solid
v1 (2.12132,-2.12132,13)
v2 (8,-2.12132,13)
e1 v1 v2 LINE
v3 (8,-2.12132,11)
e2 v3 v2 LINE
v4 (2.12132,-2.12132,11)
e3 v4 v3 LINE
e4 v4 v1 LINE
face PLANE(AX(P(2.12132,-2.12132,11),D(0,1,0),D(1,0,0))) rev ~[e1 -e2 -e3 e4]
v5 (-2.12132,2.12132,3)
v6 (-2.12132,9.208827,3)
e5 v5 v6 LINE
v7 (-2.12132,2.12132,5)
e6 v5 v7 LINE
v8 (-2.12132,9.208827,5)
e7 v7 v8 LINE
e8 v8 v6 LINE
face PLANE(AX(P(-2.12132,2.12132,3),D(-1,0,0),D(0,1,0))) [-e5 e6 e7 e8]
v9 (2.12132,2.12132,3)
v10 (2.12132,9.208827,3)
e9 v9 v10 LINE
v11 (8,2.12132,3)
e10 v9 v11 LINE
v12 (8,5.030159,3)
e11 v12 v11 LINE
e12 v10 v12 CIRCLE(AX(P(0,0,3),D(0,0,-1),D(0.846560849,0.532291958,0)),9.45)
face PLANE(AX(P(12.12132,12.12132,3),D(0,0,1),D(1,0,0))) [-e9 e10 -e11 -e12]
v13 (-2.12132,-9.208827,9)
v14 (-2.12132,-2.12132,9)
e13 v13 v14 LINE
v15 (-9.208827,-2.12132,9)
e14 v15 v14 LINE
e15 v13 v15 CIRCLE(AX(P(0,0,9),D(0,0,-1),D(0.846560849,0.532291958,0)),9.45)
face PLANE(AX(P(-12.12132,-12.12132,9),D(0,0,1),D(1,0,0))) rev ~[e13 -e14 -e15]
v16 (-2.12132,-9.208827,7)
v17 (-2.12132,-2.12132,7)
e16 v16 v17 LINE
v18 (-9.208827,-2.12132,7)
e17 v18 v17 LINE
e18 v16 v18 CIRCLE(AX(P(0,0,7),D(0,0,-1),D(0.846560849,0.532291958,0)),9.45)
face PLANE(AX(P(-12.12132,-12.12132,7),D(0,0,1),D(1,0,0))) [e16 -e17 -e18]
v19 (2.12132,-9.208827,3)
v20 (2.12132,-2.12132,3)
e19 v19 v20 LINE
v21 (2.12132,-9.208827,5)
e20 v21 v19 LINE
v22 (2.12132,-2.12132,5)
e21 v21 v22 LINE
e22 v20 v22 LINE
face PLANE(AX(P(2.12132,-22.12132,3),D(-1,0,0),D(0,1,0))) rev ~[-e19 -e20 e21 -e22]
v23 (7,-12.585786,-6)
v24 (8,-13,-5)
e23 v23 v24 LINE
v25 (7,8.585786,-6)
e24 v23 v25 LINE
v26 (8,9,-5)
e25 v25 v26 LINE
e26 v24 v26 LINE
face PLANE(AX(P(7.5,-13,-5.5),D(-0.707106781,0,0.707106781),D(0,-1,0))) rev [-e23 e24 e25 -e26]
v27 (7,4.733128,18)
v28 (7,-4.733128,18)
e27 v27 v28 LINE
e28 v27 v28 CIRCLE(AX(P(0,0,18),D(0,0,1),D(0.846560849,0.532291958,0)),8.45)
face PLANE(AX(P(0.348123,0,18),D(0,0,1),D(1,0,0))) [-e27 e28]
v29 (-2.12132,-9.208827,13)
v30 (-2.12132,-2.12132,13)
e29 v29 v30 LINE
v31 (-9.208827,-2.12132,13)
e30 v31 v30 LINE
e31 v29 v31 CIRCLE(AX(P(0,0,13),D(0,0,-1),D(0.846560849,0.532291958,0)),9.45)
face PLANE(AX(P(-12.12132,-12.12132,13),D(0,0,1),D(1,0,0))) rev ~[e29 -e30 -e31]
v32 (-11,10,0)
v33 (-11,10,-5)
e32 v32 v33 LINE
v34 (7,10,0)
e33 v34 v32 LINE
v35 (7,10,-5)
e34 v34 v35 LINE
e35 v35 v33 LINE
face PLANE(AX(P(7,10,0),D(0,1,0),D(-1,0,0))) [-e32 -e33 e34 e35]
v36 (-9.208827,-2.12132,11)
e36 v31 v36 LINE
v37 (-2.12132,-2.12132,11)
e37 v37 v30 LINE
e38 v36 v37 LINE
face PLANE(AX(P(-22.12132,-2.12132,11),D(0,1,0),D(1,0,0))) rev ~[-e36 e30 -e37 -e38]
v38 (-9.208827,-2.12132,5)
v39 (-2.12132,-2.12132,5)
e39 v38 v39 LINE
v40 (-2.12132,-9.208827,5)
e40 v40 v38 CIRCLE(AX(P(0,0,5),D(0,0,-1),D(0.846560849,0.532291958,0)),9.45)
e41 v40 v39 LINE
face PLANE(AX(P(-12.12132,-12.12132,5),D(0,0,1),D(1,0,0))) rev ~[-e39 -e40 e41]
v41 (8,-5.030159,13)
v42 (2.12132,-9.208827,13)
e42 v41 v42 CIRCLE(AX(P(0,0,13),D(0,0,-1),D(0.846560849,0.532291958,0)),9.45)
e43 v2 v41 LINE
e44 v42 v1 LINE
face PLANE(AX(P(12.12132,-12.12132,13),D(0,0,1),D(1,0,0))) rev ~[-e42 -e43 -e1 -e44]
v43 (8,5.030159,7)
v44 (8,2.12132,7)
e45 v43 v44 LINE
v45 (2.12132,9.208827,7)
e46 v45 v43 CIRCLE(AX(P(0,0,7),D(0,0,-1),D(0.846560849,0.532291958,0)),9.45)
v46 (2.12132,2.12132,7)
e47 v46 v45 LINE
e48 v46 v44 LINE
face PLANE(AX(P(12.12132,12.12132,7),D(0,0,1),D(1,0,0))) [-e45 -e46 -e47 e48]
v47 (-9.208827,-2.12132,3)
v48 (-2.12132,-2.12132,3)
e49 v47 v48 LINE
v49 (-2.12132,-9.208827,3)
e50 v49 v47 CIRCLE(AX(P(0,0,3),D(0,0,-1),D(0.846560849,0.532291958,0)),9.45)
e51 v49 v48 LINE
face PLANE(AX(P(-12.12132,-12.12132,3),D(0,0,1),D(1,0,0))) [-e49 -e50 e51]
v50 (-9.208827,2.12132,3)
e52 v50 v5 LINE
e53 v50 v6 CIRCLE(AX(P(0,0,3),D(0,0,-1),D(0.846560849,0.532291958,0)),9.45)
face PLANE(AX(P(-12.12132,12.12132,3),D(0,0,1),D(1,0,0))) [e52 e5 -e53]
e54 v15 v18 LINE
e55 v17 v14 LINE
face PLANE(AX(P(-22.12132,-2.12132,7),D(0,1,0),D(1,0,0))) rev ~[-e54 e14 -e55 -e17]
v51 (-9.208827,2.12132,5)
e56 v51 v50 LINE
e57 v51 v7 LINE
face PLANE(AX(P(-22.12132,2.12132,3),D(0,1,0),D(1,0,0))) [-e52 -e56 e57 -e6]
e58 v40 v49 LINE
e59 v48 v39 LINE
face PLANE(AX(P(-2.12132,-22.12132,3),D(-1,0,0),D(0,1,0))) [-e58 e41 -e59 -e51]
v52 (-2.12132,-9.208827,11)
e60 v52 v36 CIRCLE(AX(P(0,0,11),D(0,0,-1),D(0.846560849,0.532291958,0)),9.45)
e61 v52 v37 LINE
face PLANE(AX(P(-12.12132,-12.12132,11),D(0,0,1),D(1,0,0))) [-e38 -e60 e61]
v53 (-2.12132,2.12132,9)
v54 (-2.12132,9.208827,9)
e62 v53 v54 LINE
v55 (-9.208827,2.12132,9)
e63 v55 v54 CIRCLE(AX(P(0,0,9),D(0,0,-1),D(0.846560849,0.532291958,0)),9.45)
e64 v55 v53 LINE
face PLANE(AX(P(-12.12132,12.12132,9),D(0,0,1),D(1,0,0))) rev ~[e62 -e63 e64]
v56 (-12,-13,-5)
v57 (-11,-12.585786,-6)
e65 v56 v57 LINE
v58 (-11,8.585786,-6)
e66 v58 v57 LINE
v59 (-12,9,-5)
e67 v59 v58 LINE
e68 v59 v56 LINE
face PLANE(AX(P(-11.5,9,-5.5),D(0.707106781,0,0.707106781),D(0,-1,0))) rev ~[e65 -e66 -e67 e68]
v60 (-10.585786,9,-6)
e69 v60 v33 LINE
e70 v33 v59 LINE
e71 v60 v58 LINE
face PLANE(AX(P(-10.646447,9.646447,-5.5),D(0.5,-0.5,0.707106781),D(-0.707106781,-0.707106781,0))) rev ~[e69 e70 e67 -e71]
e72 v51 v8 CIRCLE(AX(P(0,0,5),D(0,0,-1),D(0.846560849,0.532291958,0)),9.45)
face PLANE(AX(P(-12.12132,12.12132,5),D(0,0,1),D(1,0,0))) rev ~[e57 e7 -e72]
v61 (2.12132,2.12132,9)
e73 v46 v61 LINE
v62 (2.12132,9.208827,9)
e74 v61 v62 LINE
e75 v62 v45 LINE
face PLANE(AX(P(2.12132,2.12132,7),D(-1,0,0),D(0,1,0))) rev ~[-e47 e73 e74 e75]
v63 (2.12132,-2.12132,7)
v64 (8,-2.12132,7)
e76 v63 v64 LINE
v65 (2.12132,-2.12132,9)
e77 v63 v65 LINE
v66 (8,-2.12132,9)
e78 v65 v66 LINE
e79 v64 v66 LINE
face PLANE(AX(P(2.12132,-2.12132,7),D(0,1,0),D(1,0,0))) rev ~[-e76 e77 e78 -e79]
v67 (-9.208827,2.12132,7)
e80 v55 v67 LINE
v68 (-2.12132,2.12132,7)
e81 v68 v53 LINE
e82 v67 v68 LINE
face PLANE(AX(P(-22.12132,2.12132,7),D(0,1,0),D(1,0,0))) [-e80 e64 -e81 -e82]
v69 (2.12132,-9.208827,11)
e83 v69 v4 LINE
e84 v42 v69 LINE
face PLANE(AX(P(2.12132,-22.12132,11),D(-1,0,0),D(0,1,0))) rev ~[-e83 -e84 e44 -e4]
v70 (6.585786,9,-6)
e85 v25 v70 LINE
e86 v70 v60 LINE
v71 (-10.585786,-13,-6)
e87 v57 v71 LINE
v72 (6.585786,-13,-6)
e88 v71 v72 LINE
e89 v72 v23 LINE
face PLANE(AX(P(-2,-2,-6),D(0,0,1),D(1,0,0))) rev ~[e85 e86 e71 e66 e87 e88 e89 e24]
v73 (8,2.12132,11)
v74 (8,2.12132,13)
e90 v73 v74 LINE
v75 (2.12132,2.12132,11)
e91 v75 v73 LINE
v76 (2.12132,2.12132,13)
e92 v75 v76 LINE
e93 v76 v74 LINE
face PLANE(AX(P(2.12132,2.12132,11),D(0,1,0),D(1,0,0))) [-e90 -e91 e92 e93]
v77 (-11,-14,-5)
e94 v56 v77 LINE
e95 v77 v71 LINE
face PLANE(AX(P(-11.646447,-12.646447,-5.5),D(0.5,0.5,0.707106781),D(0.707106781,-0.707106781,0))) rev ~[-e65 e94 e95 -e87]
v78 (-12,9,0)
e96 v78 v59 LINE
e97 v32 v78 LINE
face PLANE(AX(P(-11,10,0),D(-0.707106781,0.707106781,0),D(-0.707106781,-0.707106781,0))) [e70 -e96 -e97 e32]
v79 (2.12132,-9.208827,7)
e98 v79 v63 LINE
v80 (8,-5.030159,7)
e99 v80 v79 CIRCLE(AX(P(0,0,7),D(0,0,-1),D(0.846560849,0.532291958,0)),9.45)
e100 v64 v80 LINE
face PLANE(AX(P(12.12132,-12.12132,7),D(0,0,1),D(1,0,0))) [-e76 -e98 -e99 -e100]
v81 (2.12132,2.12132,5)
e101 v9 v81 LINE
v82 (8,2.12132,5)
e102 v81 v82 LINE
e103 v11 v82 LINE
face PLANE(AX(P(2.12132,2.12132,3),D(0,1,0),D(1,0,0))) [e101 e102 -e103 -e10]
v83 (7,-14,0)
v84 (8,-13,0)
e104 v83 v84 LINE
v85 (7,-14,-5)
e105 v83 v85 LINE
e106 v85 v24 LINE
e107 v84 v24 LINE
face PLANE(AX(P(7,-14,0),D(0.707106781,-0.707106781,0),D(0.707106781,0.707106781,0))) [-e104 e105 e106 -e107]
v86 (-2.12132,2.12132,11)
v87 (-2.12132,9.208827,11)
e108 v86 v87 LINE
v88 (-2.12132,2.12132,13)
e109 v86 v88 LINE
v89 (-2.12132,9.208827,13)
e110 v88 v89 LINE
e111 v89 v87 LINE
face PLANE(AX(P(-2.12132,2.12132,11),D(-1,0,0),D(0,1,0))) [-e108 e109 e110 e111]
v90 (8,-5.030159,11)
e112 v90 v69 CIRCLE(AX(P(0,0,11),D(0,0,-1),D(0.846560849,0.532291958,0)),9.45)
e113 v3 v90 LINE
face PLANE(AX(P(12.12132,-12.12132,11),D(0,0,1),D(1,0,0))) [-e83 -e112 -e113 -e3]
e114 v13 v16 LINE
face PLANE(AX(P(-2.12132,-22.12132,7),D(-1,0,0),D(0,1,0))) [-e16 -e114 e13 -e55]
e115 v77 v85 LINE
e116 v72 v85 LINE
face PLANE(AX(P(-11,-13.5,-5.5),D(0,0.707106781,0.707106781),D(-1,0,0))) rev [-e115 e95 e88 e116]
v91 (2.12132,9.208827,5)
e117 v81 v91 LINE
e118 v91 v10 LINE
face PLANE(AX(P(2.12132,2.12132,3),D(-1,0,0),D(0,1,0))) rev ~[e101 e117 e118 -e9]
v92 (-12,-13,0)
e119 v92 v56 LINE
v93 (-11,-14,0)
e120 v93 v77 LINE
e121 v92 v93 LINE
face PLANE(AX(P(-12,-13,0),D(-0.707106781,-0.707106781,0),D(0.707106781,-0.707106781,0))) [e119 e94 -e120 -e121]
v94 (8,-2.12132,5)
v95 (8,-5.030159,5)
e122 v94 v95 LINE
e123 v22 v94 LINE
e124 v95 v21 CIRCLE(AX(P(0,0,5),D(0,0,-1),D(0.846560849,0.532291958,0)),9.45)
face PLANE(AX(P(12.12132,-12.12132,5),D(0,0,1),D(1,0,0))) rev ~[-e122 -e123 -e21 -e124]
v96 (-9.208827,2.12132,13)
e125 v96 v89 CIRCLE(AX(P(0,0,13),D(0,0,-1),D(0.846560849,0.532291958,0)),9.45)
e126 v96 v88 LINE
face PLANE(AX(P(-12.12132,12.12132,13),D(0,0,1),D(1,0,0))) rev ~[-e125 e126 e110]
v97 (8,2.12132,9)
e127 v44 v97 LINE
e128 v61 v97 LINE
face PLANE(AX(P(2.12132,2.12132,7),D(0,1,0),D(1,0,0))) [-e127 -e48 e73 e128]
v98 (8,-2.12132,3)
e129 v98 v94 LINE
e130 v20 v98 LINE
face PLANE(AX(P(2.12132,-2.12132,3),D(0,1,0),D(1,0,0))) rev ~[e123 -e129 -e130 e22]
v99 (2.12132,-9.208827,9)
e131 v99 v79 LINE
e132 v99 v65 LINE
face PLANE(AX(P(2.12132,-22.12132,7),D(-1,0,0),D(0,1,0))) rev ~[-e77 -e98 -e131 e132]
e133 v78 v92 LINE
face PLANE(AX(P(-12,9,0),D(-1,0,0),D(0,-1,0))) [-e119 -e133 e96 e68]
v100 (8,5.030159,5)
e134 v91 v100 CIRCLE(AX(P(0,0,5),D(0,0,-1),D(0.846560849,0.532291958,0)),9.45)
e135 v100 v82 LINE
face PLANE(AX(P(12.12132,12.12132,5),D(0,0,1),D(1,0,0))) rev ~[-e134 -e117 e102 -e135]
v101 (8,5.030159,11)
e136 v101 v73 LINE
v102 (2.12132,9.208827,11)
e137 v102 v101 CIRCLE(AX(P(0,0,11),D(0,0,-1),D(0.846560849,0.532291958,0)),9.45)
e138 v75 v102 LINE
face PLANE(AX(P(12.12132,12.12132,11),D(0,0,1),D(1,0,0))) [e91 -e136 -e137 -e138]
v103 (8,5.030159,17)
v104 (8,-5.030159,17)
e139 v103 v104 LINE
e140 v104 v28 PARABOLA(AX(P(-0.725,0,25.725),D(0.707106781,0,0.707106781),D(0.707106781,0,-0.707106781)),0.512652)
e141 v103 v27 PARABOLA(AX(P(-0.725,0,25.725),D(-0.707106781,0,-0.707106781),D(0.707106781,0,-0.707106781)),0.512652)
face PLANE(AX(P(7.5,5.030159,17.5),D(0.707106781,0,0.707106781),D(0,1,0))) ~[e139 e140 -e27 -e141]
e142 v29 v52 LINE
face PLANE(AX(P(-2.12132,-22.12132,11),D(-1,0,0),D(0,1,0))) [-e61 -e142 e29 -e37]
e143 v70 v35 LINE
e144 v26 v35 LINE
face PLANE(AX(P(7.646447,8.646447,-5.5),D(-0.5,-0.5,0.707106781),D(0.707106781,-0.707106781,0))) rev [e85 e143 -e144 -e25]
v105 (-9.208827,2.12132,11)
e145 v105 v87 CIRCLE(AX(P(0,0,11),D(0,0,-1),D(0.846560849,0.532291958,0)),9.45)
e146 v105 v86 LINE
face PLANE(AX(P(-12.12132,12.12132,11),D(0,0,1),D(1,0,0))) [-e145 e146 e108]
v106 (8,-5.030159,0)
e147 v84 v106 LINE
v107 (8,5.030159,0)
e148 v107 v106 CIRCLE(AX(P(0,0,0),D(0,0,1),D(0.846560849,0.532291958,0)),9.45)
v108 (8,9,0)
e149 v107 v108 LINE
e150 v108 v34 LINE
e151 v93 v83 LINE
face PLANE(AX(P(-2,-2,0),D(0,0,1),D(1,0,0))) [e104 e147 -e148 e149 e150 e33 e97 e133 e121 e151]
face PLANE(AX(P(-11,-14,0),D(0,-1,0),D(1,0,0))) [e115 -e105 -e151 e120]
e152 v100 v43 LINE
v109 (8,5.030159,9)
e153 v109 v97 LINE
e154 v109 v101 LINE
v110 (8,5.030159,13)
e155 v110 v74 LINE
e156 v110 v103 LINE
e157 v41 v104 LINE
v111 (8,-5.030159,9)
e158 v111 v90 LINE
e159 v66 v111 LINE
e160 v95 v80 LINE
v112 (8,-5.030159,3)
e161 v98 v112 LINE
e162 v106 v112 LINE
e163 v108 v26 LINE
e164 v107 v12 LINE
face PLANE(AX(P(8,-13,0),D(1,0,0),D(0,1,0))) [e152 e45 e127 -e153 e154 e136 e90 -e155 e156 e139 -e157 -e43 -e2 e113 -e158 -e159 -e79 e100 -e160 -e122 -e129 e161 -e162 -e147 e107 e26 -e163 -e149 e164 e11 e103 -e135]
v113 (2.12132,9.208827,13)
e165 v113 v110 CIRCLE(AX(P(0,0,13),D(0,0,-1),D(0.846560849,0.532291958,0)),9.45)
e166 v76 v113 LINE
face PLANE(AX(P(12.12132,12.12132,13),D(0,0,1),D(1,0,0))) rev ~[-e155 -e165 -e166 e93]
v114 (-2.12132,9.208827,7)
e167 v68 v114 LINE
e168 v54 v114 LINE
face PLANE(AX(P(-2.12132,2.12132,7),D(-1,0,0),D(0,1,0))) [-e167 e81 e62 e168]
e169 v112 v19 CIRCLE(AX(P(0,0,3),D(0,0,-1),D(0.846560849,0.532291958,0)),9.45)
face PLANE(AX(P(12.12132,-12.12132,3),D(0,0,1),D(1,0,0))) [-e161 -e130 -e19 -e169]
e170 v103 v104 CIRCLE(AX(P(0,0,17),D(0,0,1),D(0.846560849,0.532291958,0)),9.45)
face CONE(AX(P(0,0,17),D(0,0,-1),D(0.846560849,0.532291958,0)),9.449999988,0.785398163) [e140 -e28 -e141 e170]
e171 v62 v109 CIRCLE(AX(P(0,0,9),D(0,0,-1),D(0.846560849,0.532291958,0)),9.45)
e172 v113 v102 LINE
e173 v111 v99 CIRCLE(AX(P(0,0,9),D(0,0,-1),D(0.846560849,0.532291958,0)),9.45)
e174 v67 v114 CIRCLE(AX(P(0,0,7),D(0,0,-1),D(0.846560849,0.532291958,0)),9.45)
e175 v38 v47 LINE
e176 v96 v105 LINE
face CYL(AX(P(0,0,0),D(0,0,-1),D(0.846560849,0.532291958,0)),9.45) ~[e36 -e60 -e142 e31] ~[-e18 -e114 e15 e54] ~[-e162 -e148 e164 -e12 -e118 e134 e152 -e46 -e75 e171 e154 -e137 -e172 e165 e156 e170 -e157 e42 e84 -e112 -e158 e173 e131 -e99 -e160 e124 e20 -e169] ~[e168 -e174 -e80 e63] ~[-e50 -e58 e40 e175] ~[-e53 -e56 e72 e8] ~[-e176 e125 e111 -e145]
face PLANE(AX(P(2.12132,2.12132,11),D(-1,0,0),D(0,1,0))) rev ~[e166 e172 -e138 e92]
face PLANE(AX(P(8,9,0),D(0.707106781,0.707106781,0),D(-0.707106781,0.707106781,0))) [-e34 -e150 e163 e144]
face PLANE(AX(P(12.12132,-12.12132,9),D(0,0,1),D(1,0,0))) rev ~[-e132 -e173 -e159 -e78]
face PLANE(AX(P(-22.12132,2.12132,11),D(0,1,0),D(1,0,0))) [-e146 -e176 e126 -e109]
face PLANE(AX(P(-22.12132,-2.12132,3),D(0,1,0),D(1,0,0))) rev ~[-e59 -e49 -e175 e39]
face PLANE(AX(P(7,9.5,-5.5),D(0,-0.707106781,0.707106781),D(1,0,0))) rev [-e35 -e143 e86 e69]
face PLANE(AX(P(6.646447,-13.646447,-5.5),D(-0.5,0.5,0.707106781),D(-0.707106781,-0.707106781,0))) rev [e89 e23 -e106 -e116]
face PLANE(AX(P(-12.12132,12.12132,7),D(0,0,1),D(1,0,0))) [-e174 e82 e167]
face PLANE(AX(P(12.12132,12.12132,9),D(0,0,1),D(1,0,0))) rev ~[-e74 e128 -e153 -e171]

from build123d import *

# Parameters (mm, degrees)
PAD002_DEPTH           = 18
CHAMFER001_SIZE        = 1
SKETCH004_W            = 20
SKETCH004_H            = 20
POCKET001_DEPTH        = 2
LINEARPATTERN001_COUNT = 3
LINEARPATTERN001_PITCH = 4
PAD003_DEPTH           = 6
CHAMFER002_SIZE        = 1


with BuildPart() as part:
    # Sketch003 → Pad002 (new body)
    with BuildSketch(Plane.XY):
        with BuildLine():
            ThreePointArc((8, 5.030159), (-9.45, 0), (8, -5.030159))
            Line((8, 5.030159), (8, -5.030159))
        make_face()
    extrude(amount=PAD002_DEPTH)

    # Chamfer001
    chamfer001_edges = [part.edges().sort_by_distance(p)[0] for p in [
        (-9.45, 0, 18),
        (8, 0, 18),
    ]]
    chamfer(chamfer001_edges, length=CHAMFER001_SIZE)

    # Sketch004 → Pocket001 (cut)
    with BuildSketch(Plane.XY.offset(3)):
        with Locations((12.12132, -12.12132)):
            Rectangle(SKETCH004_W, SKETCH004_H)
        with Locations((12.12132, 12.12132)):
            Rectangle(SKETCH004_W, SKETCH004_H)
        with Locations((-12.12132, 12.12132)):
            Rectangle(SKETCH004_W, SKETCH004_H)
        with Locations((-12.12132, -12.12132)):
            Rectangle(SKETCH004_W, SKETCH004_H)
    pocket001 = extrude(amount=POCKET001_DEPTH, mode=Mode.SUBTRACT)

    # LinearPattern001: Pocket001 ×3
    with Locations(*[(0, 0, i * LINEARPATTERN001_PITCH) for i in range(1, LINEARPATTERN001_COUNT)]):
        add(pocket001, mode=Mode.SUBTRACT)

    # Sketch005 → Pad003 (join)
    with BuildSketch(Plane.XY):
        Polygon((-12, 9), (-12, -13), (-11, -14), (7, -14), (8, -13), (8, 9), (7, 10), (-11, 10), align=None)
    extrude(amount=-PAD003_DEPTH)

    # Chamfer002
    chamfer002_edges = [part.edges().sort_by_distance(p)[0] for p in [
        (-2, 10, -6),
        (-11.5, 9.5, -6),
        (-12, -2, -6),
        (-11.5, -13.5, -6),
        (-2, -14, -6),
        (7.5, -13.5, -6),
        (8, -2, -6),
        (7.5, 9.5, -6),
    ]]
    chamfer(chamfer002_edges, length=CHAMFER002_SIZE)


solid = part.part
